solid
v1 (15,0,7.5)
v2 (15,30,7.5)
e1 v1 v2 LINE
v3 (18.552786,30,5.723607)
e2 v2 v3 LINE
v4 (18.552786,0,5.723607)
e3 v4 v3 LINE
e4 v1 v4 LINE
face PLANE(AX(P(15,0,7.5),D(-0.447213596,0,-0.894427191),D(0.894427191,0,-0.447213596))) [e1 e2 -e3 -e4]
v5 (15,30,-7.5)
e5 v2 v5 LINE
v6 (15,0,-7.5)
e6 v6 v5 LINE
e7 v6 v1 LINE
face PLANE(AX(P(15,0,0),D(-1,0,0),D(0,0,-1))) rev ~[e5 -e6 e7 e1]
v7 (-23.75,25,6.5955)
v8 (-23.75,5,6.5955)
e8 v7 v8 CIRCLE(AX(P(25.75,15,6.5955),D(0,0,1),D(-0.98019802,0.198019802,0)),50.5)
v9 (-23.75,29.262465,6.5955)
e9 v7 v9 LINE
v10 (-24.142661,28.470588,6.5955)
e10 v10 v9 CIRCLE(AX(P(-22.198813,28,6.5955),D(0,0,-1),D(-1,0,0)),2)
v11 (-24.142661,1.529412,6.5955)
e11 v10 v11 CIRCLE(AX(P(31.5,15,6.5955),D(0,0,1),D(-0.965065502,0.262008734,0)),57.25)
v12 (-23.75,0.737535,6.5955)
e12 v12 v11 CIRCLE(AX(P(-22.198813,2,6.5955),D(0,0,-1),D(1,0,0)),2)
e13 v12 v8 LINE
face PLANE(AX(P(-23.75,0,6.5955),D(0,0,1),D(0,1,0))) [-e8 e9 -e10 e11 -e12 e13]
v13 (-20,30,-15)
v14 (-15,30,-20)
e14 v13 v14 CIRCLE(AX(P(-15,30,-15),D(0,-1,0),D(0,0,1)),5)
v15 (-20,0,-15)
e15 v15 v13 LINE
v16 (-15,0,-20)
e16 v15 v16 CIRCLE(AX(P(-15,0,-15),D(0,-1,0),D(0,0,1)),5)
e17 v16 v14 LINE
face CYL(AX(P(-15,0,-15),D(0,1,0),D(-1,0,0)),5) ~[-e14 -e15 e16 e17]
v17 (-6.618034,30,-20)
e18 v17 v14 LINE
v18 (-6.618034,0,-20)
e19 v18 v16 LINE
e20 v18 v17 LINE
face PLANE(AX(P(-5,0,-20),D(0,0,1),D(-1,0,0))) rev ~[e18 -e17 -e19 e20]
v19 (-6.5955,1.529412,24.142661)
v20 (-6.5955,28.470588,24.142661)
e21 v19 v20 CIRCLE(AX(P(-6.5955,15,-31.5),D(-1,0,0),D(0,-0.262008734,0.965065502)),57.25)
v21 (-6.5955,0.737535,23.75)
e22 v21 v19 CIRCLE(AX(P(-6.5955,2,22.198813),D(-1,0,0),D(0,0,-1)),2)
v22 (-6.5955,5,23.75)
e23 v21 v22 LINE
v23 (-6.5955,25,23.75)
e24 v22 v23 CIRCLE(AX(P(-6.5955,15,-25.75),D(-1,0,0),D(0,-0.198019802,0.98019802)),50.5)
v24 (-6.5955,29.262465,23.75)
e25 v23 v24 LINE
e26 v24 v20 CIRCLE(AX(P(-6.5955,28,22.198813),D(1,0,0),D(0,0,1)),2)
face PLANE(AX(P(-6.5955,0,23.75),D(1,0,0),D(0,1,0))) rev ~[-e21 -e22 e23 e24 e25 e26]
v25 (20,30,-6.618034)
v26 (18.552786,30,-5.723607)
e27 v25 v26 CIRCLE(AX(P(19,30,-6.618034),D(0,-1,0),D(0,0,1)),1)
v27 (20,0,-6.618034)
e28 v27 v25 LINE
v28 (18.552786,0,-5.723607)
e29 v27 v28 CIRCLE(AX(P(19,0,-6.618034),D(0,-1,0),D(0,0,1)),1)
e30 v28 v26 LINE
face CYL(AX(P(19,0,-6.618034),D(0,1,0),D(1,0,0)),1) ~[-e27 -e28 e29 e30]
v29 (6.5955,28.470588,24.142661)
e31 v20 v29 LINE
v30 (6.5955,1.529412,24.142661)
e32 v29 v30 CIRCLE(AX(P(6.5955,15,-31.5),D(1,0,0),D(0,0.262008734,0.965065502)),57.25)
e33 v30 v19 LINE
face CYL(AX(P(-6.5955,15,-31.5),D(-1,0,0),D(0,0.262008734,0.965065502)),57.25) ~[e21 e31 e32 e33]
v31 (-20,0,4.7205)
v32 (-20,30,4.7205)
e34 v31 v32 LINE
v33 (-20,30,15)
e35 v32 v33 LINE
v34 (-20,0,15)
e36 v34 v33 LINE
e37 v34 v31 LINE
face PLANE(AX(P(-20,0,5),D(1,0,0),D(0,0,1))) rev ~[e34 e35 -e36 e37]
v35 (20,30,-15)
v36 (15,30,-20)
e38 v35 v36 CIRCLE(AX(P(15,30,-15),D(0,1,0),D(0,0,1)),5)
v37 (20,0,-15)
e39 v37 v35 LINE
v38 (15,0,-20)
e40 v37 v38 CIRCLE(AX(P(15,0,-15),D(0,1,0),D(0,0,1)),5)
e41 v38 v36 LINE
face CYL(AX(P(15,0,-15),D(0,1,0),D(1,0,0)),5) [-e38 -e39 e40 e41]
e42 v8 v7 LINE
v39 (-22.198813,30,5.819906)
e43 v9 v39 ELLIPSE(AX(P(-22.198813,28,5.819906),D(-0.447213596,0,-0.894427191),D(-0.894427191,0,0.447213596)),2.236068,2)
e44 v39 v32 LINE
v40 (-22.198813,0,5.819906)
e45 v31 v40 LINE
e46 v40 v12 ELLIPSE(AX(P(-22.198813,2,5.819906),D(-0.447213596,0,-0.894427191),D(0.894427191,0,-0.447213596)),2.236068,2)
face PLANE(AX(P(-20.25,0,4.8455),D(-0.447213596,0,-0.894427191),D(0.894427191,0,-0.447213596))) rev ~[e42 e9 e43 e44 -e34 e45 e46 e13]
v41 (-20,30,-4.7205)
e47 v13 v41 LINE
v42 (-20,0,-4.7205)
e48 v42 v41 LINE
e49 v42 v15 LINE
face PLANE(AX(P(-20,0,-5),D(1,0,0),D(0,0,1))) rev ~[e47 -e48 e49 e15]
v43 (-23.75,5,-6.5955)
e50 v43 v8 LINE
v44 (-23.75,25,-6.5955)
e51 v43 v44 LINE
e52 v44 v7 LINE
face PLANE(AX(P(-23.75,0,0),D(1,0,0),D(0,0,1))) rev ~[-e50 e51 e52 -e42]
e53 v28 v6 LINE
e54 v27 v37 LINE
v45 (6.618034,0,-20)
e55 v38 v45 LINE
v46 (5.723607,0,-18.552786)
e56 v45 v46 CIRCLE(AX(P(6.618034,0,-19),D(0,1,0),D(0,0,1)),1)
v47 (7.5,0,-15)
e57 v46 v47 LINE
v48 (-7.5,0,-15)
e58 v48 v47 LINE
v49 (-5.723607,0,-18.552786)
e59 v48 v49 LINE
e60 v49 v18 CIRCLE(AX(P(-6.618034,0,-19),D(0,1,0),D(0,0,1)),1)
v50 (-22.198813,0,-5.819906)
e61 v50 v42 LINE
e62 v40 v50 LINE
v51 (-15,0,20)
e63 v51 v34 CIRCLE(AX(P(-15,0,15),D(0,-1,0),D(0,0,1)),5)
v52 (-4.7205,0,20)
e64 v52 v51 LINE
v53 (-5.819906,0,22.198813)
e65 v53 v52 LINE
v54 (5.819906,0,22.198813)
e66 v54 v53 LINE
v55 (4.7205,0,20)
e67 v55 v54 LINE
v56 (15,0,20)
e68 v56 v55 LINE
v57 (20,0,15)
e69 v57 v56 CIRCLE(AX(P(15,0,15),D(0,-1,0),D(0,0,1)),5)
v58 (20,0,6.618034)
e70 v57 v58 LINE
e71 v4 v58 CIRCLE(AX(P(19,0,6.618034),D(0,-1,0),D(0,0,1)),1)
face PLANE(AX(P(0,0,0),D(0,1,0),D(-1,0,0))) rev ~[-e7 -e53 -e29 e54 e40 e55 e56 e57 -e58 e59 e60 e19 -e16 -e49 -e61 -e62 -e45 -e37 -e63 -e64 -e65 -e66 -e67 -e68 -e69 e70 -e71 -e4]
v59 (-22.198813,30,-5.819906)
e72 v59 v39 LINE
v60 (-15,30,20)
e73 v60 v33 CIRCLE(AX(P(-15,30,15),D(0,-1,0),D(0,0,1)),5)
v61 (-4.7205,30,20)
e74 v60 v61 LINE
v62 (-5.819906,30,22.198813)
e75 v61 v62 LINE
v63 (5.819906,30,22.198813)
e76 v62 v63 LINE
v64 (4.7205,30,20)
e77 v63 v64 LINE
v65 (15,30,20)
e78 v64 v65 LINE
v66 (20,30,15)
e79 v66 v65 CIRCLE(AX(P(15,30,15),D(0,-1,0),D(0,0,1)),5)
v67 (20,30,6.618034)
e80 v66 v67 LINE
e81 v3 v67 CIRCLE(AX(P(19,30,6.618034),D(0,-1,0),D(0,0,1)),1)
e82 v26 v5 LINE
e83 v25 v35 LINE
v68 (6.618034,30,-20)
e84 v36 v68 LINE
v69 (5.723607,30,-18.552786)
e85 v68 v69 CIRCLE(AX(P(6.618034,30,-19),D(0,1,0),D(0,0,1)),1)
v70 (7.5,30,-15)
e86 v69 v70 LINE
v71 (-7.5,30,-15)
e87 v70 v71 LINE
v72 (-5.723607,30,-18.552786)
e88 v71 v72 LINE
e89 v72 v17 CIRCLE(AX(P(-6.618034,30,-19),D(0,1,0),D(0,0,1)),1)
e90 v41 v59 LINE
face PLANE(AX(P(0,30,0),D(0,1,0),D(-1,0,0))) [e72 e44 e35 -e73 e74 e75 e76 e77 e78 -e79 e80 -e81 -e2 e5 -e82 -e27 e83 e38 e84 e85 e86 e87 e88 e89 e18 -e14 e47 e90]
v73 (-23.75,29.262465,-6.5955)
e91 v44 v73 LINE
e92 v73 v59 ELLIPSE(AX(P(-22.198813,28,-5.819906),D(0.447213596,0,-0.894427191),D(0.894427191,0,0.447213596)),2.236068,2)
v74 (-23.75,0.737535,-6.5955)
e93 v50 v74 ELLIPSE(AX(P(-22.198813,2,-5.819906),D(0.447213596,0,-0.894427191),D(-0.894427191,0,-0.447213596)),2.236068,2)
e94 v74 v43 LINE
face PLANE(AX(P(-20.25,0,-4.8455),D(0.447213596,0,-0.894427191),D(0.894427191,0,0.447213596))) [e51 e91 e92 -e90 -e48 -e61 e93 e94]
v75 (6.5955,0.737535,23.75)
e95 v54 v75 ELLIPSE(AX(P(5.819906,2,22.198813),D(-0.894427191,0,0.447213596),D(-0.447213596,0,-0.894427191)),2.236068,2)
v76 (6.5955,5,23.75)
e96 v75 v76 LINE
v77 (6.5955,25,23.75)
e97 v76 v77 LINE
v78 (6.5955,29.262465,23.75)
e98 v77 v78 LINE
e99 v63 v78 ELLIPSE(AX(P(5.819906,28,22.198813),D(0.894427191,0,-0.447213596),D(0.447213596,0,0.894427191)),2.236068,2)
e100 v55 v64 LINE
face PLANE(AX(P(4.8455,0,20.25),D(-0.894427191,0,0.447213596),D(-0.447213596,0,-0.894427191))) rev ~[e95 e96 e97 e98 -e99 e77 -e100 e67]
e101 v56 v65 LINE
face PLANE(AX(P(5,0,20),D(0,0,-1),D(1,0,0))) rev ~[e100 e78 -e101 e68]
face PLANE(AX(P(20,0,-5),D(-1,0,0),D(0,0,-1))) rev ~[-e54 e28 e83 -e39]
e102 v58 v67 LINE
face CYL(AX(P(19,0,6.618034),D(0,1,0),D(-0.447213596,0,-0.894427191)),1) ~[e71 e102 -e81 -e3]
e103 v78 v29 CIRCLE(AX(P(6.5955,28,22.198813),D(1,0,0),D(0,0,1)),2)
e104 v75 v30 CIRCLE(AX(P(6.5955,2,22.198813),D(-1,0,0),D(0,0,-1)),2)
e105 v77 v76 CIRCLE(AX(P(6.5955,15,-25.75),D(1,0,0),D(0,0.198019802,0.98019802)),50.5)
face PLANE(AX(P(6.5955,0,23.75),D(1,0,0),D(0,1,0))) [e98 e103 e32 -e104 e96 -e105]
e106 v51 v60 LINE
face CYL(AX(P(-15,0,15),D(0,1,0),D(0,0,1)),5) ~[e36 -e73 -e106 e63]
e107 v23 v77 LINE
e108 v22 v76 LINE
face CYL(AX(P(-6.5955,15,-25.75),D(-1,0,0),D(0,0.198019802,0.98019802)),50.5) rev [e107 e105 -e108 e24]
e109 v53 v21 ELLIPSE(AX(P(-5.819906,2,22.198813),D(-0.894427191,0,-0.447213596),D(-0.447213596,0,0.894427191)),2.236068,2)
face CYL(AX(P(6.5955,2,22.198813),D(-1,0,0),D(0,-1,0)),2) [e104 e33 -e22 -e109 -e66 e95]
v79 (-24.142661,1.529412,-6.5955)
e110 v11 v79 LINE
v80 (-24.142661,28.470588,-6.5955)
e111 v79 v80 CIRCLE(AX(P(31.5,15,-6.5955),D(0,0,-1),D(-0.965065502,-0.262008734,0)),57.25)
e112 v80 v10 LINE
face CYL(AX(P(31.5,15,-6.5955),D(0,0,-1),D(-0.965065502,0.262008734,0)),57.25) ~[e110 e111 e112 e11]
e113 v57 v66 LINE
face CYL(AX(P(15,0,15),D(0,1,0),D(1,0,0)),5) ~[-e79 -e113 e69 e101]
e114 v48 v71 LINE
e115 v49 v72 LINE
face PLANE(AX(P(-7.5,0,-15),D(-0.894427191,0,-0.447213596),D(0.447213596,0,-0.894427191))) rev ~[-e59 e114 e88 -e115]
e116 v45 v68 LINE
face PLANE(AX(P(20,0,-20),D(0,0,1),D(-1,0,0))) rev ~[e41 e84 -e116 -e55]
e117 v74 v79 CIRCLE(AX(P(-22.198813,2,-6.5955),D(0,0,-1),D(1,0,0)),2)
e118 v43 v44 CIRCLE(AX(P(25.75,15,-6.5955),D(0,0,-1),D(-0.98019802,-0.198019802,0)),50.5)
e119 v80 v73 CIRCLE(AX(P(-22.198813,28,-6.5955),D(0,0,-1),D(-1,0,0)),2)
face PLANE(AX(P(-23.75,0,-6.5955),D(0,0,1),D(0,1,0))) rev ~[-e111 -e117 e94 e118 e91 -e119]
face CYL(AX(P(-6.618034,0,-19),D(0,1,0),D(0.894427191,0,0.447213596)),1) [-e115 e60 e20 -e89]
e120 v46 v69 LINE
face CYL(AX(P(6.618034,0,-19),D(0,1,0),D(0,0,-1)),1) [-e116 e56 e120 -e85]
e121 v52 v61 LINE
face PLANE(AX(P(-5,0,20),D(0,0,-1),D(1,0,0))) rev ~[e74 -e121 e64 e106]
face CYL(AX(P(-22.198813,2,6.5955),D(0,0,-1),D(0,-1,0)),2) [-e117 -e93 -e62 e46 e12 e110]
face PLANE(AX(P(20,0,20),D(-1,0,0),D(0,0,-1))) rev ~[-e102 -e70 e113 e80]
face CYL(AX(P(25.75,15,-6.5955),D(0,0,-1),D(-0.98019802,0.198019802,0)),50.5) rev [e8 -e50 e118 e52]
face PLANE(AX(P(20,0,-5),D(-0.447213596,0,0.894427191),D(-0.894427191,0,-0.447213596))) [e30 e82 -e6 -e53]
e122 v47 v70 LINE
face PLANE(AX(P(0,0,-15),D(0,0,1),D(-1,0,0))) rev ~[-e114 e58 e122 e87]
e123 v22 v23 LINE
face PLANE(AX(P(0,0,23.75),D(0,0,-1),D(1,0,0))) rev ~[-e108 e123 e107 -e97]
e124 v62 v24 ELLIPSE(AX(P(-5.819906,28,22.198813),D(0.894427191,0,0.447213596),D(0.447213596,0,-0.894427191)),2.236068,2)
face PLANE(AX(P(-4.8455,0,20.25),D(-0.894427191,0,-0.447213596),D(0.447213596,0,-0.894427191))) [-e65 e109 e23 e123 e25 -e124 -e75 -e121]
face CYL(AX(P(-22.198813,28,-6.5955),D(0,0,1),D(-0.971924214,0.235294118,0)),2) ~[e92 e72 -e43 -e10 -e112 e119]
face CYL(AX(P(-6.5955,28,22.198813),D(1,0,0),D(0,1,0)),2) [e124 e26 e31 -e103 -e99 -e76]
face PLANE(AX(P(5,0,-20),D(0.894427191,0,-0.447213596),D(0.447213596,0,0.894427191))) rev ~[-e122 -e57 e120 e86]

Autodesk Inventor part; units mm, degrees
ref_plane "YZ Plane" through (0, 0, 0) normal (1, 0, 0) x (0, 1, 0)
ref_plane "XZ Plane" through (0, 0, 0) normal (0, 1, 0) x (-1, 0, 0)
sketch "Sketch1" plane through (0, 0, 0) normal (0, 1, 0) x (-1, 0, 0)
  line L0 (-20, -20) -> (20, -20)
  line L1 (20, -20) -> (20, 20)
  line L2 (20, 20) -> (-20, 20)
  line L3 (-20, 20) -> (-20, -20)
  line L4 (-20, -20) -> (20, 20) construction
  line L5 (20, -20) -> (-20, 20) construction
  line L6 (20, 0) -> (20, 5)
  line L7 (20, 0) -> (25, 0)
  line L8 (25, 0) -> (25, 7.5)
  line L9 (25, 7.5) -> (20, 5)
  line L10 (25, 0) -> (25, -7.5)
  line L11 (20, 0) -> (20, -5)
  line L12 (20, -5) -> (25, -7.5)
  line L13 (0, 20) -> (5, 20)
  line L14 (0, 20) -> (0, 25)
  line L15 (0, 25) -> (7.5, 25)
  line L16 (7.5, 25) -> (5, 20)
  line L17 (0, 25) -> (-7.5, 25)
  line L18 (0, 20) -> (-5, 20)
  line L19 (-5, 20) -> (-7.5, 25)
  line L20 (0, -20) -> (5, -20)
  line L21 (7.5, -15) -> (5, -20)
  line L22 (0, -20) -> (-5, -20)
  line L23 (0, -20) -> (0, -15)
  line L24 (0, -15) -> (7.5, -15)
  line L25 (0, -15) -> (-7.5, -15)
  line L26 (-5, -20) -> (-7.5, -15)
  line L27 (-20, 0) -> (-20, 5)
  line L28 (-20, 0) -> (-20, -5)
  line L29 (-15, 0) -> (-15, -7.5)
  line L30 (-20, -5) -> (-15, -7.5)
  line L31 (-20, 0) -> (-15, 0)
  line L32 (-15, 7.5) -> (-20, 5)
  line L33 (-15, 0) -> (-15, 7.5)
  line L34 (24.75, 0) -> (24.75, 7.0955)
  line L35 (24.75, 7.0955) -> (20.25, 4.8455)
  line L36 (20.25, 4.8455) -> (20.25, 0)
  line L37 (24.75, 0) -> (24.75, -7.0955)
  line L38 (24.75, -7.0955) -> (20.25, -4.8455)
  line L39 (20.25, -4.8455) -> (20.25, 0)
  line L40 (0, 20.25) -> (4.8455, 20.25)
  line L41 (4.8455, 20.25) -> (7.0955, 24.75)
  line L42 (7.0955, 24.75) -> (0, 24.75)
  line L43 (0, 24.75) -> (-7.0955, 24.75)
  line L44 (-7.0955, 24.75) -> (-4.8455, 20.25)
  line L45 (-4.8455, 20.25) -> (0, 20.25)
  line L46 (24.75, 7.0955) -> (20, 4.7205)
  line L47 (24.75, -7.0955) -> (20, -4.7205)
  line L48 (7.0955, 24.75) -> (4.7205, 20)
  line L49 (-7.0955, 24.75) -> (-4.7205, 20)
  line L50 (25, 0) -> (23.75, 0)
  line L51 (23.75, 0) -> (23.75, 6.875)
  line L52 (23.75, 0) -> (23.75, -6.875)
  line L53 (0, 25) -> (0, 23.75)
  line L54 (0, 23.75) -> (6.875, 23.75)
  line L55 (0, 23.75) -> (-6.875, 23.75)
  point P0 (0, 0)
  point P1 (6.5955, 23.75)
  point P2 (-6.5955, 23.75)
  point P3 (23.75, -6.5955)
  point P4 (23.75, 6.5955)
  dimension "d0" = 40
  dimension "d1" = 40
  dimension "d2" = 5
  dimension "d3" = 5
  dimension "d4" = 7.5
  dimension "d5" = 7.5
  dimension "d6" = 5
  dimension "d9" = 40
  dimension "d16" = 40
  dimension "d21" = 0.25
  dimension "d22" = 0.25
  dimension "d23" = 0.25
  dimension "d24" = 0.25
  dimension "d29" = 1.25
  dimension "d30" = 1.25
extrude "Extrusion1" add sketch "Sketch1" along normal blind 30 contours L3 L30 L29 L33 L32 L2 L1 L0 L21 L24 L25 L26 | L1 L7 L39 L47 | L49 L45 L14 L2 | L1 L46 L36 L7 | L39 L7 L52 L38 | L14 L40 L48 L2 | L44 L55 L14 L45 | L36 L35 L51 L7 | L14 L54 L41 L40
fillet "Fillet1" radius 5 4 edges at (20, 15, 20) (20, 15, -20) (-20, 15, -20) (-20, 15, 20)
fillet "Fillet2" radius 1 4 edges at (20, 15, 5) (20, 15, -5) (5, 15, -20) (-5, 15, -20)
ref_plane "Work Plane1" through (-6.5955, 0, 23.75) normal (1, 0, 0) x (0, 1, 0)
sketch "Sketch2" plane through (-6.5955, 0, 23.75) normal (1, 0, 0) x (0, 1, 0)
  line L0 (0, -3.75) -> (30, -3.75) projected
  line L1 (15, -3.75) -> (15, 2)
  line L2 (30, 0) -> (25, 0)
  line L3 (0, 0) -> (30, 0) projected
  line L4 (0, 0) -> (5, 0)
  arc A0 (30, 0) -> (0, 0) centre (15, -55.25) ccw
  line L5 (15, 2) -> (15, 1)
  arc A1 (25, 0) -> (5, 0) centre (15, -49.5) ccw
  point P0 (0, -23.75)
  dimension "d32" = 5.75
  dimension "d33" = 5
  dimension "d34" = 5
  dimension "d35" = 1
extrude "Extrusion2" add sketch "Sketch2" along normal blind 13.191 contours A1 L3 A0 L1 | L1 A0 L2 A1
fillet "Fillet3" radius 2 2 edges at (0, 30, 23.75) (0, 0, 23.75)
sketch "Sketch3" plane through (0, 30, 0) normal (0, 1, 0) x (1, 0, 0)
  point P0 (0, 0)
pattern_circular "Circular Pattern1" count 2 over 270 about axis through (0, 30, 0) along (0, 1, 0) of "Extrusion2", "Fillet3"
properties part number "base"
